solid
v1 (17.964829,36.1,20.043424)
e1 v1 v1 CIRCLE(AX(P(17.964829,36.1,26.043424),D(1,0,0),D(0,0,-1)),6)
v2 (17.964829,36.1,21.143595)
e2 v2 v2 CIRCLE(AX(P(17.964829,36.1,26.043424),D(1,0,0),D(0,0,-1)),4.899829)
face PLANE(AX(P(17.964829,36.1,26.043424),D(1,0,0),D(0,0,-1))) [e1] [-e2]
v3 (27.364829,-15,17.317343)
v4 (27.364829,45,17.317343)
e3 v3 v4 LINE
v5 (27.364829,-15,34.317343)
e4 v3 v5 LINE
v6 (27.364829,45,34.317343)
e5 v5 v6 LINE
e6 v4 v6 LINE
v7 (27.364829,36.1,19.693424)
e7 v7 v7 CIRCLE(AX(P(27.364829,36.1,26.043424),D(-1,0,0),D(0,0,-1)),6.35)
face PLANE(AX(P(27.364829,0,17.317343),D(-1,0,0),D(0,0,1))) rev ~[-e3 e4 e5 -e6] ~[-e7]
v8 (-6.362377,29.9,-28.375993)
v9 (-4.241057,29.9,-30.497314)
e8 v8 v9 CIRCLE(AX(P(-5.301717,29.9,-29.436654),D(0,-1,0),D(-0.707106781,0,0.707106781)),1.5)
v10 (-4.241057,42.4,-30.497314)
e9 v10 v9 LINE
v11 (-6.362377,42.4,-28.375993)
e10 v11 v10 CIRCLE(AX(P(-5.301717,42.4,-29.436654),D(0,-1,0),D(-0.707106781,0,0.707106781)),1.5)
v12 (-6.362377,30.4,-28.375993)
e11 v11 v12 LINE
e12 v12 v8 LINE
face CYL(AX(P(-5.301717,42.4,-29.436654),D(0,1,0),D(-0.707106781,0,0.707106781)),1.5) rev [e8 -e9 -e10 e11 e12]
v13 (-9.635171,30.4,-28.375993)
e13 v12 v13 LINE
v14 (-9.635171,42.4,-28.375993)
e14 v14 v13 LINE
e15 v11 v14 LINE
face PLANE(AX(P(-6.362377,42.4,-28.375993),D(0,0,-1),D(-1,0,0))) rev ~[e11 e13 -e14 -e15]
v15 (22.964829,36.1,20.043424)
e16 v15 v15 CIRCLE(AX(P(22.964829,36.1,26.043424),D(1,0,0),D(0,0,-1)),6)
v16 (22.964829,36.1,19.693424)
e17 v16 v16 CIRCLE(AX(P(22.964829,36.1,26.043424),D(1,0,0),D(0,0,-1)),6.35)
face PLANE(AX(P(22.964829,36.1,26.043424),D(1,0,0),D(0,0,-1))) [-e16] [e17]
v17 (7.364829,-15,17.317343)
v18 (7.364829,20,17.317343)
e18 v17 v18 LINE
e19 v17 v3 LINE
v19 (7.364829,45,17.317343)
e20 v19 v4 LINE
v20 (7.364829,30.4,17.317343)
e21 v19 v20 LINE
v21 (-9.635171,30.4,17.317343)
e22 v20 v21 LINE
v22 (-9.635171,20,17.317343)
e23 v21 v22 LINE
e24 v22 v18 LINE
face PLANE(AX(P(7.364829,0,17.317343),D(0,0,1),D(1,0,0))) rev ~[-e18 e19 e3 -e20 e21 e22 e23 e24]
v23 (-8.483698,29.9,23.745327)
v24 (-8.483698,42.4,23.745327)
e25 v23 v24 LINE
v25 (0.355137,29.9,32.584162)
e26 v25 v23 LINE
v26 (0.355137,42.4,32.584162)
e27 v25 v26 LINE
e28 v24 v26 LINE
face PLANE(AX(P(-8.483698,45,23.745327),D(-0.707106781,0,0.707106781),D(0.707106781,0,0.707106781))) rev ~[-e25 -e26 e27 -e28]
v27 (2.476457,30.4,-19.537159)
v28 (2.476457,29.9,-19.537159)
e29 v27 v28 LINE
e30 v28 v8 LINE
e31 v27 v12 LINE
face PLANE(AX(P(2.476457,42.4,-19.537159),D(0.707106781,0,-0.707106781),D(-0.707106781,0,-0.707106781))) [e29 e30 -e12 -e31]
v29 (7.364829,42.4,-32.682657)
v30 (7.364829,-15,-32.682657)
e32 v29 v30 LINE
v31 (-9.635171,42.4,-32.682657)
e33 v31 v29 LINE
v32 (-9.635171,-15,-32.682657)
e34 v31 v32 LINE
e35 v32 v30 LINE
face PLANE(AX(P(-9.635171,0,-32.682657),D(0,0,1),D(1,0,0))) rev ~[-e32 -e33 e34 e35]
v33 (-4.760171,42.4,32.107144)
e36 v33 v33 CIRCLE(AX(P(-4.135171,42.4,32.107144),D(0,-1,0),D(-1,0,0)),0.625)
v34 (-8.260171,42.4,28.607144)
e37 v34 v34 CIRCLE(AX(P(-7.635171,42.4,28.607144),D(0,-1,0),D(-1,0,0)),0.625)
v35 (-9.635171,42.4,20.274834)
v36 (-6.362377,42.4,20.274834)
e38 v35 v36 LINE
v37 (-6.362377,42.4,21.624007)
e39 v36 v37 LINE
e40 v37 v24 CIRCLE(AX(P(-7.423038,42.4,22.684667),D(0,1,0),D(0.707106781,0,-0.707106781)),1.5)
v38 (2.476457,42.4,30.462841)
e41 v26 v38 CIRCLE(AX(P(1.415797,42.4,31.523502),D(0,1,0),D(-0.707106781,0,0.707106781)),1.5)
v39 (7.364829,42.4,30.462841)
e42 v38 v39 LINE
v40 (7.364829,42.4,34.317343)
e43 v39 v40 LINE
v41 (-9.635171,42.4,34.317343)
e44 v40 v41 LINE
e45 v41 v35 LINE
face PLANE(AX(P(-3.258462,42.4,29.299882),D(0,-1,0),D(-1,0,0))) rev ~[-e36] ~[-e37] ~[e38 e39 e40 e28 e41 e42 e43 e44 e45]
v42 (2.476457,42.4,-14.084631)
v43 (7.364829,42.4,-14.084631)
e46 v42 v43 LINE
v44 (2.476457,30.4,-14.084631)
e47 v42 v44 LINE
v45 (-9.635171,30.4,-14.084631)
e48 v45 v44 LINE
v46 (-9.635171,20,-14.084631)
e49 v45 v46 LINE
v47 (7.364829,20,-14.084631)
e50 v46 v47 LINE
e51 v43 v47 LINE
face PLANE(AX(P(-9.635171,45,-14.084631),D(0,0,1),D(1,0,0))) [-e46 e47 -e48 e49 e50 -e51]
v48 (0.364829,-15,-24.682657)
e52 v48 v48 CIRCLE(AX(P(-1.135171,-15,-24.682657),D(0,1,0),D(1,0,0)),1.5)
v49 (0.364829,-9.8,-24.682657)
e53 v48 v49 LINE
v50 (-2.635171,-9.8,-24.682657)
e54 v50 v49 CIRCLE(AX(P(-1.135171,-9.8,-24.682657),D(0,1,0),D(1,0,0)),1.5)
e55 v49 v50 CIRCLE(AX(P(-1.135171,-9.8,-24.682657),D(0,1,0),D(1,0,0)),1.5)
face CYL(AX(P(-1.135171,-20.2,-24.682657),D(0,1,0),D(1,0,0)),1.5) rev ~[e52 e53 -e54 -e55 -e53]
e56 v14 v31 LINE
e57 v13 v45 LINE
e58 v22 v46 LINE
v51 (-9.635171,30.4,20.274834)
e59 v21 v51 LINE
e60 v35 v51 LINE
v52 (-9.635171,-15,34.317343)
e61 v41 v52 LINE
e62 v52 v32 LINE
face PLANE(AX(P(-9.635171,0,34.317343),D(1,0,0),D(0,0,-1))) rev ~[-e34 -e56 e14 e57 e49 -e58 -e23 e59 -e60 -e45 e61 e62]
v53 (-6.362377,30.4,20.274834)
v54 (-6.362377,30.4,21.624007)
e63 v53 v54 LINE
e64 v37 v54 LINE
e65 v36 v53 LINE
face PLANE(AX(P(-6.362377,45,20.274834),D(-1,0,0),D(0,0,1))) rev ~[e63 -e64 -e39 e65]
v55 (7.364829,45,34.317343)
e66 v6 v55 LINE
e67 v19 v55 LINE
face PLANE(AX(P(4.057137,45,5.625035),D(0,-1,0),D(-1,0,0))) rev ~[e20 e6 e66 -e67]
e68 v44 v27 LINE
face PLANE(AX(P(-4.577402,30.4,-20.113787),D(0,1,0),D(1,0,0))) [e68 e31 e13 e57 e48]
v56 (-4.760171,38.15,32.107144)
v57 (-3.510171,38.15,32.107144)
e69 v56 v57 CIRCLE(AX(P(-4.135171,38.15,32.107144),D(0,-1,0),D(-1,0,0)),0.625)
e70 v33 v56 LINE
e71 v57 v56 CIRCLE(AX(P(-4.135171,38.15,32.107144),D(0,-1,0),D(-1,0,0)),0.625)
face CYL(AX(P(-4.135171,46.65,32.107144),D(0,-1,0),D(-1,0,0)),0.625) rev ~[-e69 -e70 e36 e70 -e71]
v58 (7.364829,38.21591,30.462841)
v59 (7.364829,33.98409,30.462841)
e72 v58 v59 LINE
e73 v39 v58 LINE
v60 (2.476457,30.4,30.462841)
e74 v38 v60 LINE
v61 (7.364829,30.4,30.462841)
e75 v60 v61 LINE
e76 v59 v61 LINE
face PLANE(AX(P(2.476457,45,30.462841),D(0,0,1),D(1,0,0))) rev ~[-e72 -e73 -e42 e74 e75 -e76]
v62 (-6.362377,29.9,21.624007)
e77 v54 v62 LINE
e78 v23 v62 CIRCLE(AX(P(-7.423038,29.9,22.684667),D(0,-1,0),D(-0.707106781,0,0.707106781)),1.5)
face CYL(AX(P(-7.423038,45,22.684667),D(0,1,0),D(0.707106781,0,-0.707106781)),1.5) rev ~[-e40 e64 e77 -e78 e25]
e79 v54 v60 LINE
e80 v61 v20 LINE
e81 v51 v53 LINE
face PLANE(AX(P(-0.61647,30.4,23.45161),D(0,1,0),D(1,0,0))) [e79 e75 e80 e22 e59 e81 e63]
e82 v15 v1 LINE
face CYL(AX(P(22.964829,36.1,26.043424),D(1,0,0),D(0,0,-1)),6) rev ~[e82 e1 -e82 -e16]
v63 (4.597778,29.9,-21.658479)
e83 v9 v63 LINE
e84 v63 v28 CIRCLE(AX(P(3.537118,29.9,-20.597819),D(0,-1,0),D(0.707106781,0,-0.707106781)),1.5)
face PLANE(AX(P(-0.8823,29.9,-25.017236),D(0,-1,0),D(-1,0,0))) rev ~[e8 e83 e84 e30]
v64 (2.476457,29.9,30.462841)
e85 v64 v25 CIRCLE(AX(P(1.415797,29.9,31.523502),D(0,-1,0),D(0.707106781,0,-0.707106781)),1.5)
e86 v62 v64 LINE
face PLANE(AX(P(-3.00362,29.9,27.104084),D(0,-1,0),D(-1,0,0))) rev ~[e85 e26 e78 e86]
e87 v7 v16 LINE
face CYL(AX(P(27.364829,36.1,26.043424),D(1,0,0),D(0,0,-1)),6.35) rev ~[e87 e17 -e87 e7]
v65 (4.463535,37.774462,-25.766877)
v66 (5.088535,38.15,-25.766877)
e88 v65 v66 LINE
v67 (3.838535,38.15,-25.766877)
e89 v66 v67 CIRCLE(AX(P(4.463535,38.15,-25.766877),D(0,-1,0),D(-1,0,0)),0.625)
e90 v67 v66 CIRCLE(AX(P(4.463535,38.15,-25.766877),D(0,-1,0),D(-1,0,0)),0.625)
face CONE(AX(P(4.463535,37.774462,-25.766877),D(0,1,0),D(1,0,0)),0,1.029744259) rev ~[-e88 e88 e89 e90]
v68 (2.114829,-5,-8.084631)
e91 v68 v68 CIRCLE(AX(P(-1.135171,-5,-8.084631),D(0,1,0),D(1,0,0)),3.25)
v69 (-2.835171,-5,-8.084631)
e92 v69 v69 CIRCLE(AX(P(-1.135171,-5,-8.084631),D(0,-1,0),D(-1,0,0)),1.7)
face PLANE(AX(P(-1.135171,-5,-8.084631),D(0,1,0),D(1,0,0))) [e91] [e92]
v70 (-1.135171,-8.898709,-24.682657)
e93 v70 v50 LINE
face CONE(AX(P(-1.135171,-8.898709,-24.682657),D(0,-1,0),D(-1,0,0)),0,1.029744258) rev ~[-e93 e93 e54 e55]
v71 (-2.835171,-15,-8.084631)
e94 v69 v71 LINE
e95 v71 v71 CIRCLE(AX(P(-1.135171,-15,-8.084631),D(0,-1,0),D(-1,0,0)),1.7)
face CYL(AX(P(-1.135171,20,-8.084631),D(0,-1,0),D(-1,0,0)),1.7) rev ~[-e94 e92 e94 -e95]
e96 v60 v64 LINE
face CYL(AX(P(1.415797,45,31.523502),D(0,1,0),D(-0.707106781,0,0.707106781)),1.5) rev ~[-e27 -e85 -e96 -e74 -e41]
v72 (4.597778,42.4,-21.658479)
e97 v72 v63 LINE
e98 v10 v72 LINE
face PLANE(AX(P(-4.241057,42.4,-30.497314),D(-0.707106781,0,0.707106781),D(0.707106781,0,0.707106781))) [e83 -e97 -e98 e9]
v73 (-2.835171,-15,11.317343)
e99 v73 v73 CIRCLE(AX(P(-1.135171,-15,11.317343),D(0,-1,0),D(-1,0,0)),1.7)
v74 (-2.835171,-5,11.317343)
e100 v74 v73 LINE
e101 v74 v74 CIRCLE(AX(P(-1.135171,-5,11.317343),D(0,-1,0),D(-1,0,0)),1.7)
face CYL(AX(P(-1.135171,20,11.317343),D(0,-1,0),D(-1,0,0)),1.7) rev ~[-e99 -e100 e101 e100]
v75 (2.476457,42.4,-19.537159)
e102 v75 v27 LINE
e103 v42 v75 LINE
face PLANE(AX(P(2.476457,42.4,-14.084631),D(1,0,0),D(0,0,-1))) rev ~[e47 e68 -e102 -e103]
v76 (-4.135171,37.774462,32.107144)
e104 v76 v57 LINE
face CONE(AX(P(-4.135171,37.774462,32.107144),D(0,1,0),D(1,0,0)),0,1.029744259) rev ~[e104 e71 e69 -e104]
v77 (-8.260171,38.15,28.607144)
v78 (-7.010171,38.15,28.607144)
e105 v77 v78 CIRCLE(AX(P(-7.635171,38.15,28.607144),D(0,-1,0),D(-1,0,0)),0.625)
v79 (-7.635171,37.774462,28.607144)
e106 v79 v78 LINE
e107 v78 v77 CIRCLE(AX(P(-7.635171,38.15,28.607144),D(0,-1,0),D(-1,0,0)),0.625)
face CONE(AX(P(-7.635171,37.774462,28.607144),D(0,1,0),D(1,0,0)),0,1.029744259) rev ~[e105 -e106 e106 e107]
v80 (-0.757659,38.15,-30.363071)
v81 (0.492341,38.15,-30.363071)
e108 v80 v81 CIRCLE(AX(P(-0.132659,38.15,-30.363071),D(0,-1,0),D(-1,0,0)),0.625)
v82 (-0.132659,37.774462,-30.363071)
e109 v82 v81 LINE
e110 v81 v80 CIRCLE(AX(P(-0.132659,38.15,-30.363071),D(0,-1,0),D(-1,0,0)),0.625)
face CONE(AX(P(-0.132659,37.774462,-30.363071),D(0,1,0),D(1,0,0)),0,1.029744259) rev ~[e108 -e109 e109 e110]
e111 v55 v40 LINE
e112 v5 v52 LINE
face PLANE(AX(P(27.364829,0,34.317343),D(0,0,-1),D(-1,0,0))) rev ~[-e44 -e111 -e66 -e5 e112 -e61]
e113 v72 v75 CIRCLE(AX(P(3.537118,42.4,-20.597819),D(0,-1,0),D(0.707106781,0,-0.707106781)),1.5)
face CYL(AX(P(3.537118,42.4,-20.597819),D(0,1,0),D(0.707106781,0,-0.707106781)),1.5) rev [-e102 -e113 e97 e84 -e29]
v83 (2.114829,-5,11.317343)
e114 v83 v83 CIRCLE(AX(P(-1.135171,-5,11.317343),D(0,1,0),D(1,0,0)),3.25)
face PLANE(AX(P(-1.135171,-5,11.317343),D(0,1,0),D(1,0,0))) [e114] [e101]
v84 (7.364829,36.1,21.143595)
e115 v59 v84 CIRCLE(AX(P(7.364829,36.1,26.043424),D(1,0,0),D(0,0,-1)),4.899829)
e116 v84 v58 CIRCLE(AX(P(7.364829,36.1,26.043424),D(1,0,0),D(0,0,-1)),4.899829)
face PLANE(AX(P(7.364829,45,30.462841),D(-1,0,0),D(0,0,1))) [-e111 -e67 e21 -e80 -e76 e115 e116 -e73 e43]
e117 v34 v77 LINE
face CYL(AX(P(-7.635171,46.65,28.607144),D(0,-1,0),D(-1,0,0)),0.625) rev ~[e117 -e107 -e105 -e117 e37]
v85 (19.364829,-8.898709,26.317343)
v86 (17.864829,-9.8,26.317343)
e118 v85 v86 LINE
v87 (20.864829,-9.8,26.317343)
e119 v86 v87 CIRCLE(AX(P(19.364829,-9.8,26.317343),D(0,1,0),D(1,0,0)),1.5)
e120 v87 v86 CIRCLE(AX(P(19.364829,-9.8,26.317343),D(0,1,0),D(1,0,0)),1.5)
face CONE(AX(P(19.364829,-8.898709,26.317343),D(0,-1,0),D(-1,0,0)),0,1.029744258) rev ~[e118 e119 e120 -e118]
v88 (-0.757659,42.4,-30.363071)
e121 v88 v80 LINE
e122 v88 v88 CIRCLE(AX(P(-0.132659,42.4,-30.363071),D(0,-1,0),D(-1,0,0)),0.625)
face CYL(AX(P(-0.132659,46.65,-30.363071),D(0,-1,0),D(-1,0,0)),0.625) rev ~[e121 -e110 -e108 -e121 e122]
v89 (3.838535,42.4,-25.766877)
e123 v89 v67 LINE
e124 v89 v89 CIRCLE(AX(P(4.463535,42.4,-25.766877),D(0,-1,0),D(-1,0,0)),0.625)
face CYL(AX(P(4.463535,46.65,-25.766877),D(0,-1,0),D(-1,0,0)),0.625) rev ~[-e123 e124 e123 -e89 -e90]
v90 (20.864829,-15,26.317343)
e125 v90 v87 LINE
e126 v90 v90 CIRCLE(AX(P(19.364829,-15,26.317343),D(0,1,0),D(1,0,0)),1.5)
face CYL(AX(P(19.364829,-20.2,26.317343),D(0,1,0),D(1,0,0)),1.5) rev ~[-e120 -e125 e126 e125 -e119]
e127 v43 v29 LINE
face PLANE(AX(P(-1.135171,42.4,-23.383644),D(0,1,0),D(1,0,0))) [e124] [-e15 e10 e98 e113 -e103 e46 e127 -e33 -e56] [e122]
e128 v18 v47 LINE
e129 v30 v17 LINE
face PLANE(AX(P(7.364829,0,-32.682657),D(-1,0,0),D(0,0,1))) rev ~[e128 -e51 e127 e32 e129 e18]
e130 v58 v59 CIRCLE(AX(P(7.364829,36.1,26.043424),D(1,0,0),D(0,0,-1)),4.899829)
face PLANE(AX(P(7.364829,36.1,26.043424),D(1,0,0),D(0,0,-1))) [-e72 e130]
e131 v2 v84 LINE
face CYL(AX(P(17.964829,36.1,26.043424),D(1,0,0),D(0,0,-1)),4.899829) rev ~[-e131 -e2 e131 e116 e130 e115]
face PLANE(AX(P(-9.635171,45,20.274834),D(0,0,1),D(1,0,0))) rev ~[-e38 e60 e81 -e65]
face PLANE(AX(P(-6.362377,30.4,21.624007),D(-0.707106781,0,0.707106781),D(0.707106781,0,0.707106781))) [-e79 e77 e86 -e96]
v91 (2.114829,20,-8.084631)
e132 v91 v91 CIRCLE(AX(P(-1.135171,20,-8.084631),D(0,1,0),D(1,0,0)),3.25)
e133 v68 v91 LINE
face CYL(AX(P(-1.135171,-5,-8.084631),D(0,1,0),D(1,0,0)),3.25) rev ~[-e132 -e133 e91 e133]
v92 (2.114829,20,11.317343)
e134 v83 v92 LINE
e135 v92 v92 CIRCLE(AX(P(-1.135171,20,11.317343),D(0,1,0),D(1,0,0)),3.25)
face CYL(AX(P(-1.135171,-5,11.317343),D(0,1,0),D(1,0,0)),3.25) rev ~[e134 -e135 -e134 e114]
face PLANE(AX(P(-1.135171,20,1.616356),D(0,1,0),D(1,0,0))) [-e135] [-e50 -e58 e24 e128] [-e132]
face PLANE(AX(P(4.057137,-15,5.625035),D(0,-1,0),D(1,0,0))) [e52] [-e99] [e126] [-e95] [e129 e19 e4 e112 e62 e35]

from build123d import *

# Parameters (mm, degrees)
BOSS_EXTRUDE1_DEPTH            = 45
SKETCH2_W                      = 17
SKETCH2_H                      = 31.401973819
CUT_EXTRUDE1_DEPTH             = 25
BOSS_EXTRUDE2_DEPTH            = 15
SKETCH5_W                      = 17
SKETCH5_H                      = 18.598026181
CUT_EXTRUDE2_DEPTH             = 2.6
CUT_EXTRUDE3_DEPTH             = 12
CUT_EXTRUDE4_DEPTH             = 14.6
SKETCH4_R                      = 6.35
CUT_EXTRUDE6_DEPTH             = 4.4
SKETCH11_R                     = 6
CUT_EXTRUDE7_DEPTH             = 5
SM05_TAPPED_HOLE1_D            = 12.7
SM05_TAPPED_HOLE1_DEPTH        = 3
SM05_TAPPED_HOLE1_TIP          = 3.815464931
CUT_EXTRUDE9_DEPTH             = 12.5
CUT_EXTRUDE10_DEPTH            = 0.5
CUT_EXTRUDE11_DEPTH            = 2.6
SKETCH18_R                     = 4.89982915
CUT_EXTRUDE12_DEPTH            = 10.6
CBORE_FOR_M3_SHCS1_D           = 3.4
CBORE_FOR_M3_SHCS1_DEPTH       = 35
CBORE_FOR_M3_SHCS1_CBORE_D     = 6.5
CBORE_FOR_M3_SHCS1_CBORE_DEPTH = 25
F_3_0MM_DOWEL_HOLE1_D          = 3
F_3_0MM_DOWEL_HOLE1_DEPTH      = 5.2
F_3_0MM_DOWEL_HOLE1_TIP        = 0.901290929
M1_6_TAPPED_HOLE1_D            = 1.25
M1_6_TAPPED_HOLE1_DEPTH        = 4.25
M1_6_TAPPED_HOLE1_TIP          = 0.375537887
M1_6_TAPPED_HOLE2_D            = 1.25
M1_6_TAPPED_HOLE2_DEPTH        = 4.25
M1_6_TAPPED_HOLE2_TIP          = 0.375537887


with BuildPart() as part:
    # Sketch1 → Boss-Extrude1 (new body)
    with BuildSketch(Plane(origin=(0, 0, 0), x_dir=(1, 0, 0), z_dir=(0, 1, 0))):
        Polygon((27.364828995, -34.317342946), (-9.635171005, -34.317342946), (-9.635171005, 32.682657054), (7.364828995, 32.682657054), (7.364828995, -17.317342946), (27.364828995, -17.317342946), align=None)
    extrude(amount=BOSS_EXTRUDE1_DEPTH)

    # Sketch2 → Cut-Extrude1 (cut)
    with BuildSketch(Plane(origin=(0, 45, 0), x_dir=(1, 0, 0), z_dir=(0, 1, 0))):
        with Locations((-1.135171005, -1.616356037)):
            Rectangle(SKETCH2_W, SKETCH2_H)
    extrude(amount=-CUT_EXTRUDE1_DEPTH, mode=Mode.SUBTRACT)

    # Sketch3 → Boss-Extrude2 (add)
    with BuildSketch(Plane.XZ):
        Polygon((27.364828995, 34.317342946), (-9.635171005, 34.317342946), (-9.635171005, -32.682657054), (7.364828995, -32.682657054), (7.364828995, 17.317342946), (27.364828995, 17.317342946), align=None)
    extrude(amount=BOSS_EXTRUDE2_DEPTH)

    # Sketch5 → Cut-Extrude2 (cut)
    with BuildSketch(Plane(origin=(0, 45, 0), x_dir=(1, 0, 0), z_dir=(0, 1, 0))):
        with Locations((-1.135171005, 23.383643964)):
            Rectangle(SKETCH5_W, SKETCH5_H)
    extrude(amount=-CUT_EXTRUDE2_DEPTH, mode=Mode.SUBTRACT)

    # Sketch6 → Cut-Extrude3 (cut)
    with BuildSketch(Plane(origin=(0, 42.4, 0), x_dir=(1, 0, 0), z_dir=(0, 1, 0))):
        Polygon((-9.635171005, 28.375993351), (-9.635171005, 14.084630873), (2.47645738, 14.084630873), (2.47645738, 19.537158586), (-6.362377384, 28.375993351), align=None)
    extrude(amount=-CUT_EXTRUDE3_DEPTH, mode=Mode.SUBTRACT)

    # Sketch7 → Cut-Extrude4 (cut)
    with BuildSketch(Plane(origin=(0, 45, 0), x_dir=(1, 0, 0), z_dir=(0, 1, 0))):
        with BuildLine():
            Line((2.47645738, -30.462841414), (7.364828995, -30.462841414))
            Line((7.364828995, -30.462841414), (7.364828995, -17.317342946))
            Line((7.364828995, -17.317342946), (-9.635171005, -17.317342946))
            Line((-9.635171005, -17.317342946), (-9.635171005, -20.274833742))
            Line((-9.635171005, -20.274833742), (-6.362377384, -20.274833742))
            Line((-6.362377384, -20.274833742), (-6.362377384, -21.624006649))
            ThreePointArc((-6.362377384, -21.624006649), (-8.483697728, -21.624006649), (-8.483697728, -23.745326993))
            Line((-8.483697728, -23.745326993), (0.355137037, -32.584161758))
            ThreePointArc((0.355137037, -32.584161758), (2.47645738, -32.584161758), (2.47645738, -30.462841414))
        make_face()
    extrude(amount=-CUT_EXTRUDE4_DEPTH, mode=Mode.SUBTRACT)

    # Sketch4 → Cut-Extrude6 (cut)
    with BuildSketch(Plane(origin=(27.364828995, 0, 0), x_dir=(0, 0, -1), z_dir=(1, 0, 0))):
        with Locations((-26.043424032, 36.1)):
            Circle(SKETCH4_R)
    extrude(amount=-CUT_EXTRUDE6_DEPTH, mode=Mode.SUBTRACT)

    # Sketch11 → Cut-Extrude7 (cut)
    with BuildSketch(Plane(origin=(22.964828995, 0, 0), x_dir=(0, 0, -1), z_dir=(1, 0, 0))):
        with Locations((-26.043424032, 36.1)):
            Circle(SKETCH11_R)
    extrude(amount=-CUT_EXTRUDE7_DEPTH, mode=Mode.SUBTRACT)

    # SM05 Tapped Hole1
    with Locations(Plane(origin=(27.364828995, 0, 0), x_dir=(0, 0, -1), z_dir=(1, 0, 0))):
        with Locations((-26.043424032, 36.1)):
            Hole(SM05_TAPPED_HOLE1_D / 2, depth=SM05_TAPPED_HOLE1_DEPTH)
            with Locations((0, 0, -(SM05_TAPPED_HOLE1_DEPTH + SM05_TAPPED_HOLE1_TIP / 2))):  # 118° drill point
                Cone(0, SM05_TAPPED_HOLE1_D / 2, SM05_TAPPED_HOLE1_TIP, mode=Mode.SUBTRACT)

    # Sketch15 → Cut-Extrude9 (cut)
    with BuildSketch(Plane(origin=(0, 42.4, 0), x_dir=(1, 0, 0), z_dir=(0, 1, 0))):
        with BuildLine():
            Line((-4.241057041, 30.497313694), (4.597777724, 21.658478929))
            ThreePointArc((4.597777724, 21.658478929), (4.597777724, 19.537158586), (2.47645738, 19.537158586))
            Line((2.47645738, 19.537158586), (-6.362377384, 28.375993351))
            ThreePointArc((-6.362377384, 28.375993351), (-6.362377384, 30.497313694), (-4.241057041, 30.497313694))
        make_face()
    extrude(amount=-CUT_EXTRUDE9_DEPTH, mode=Mode.SUBTRACT)

    # Sketch16 → Cut-Extrude10 (cut)
    with BuildSketch(Plane(origin=(0, 30.4, 0), x_dir=(1, 0, 0), z_dir=(0, 1, 0))):
        with BuildLine():
            Line((-6.362377384, -21.624006649), (2.47645738, -30.462841414))
            ThreePointArc((2.47645738, -30.462841414), (2.47645738, -32.584161758), (0.355137037, -32.584161758))
            Line((0.355137037, -32.584161758), (-8.483697728, -23.745326993))
            ThreePointArc((-8.483697728, -23.745326993), (-8.483697728, -21.624006649), (-6.362377384, -21.624006649))
        make_face()
    extrude(amount=-CUT_EXTRUDE10_DEPTH, mode=Mode.SUBTRACT)

    # Sketch17 → Cut-Extrude11 (cut)
    with BuildSketch(Plane(origin=(0, 45, 0), x_dir=(1, 0, 0), z_dir=(0, 1, 0))):
        with BuildLine():
            Line((7.364828995, -30.462841414), (7.364828995, -34.317342946))
            Line((7.364828995, -34.317342946), (-9.635171005, -34.317342946))
            Line((-9.635171005, -34.317342946), (-9.635171005, -20.274833742))
            Line((-9.635171005, -20.274833742), (-6.362377384, -20.274833742))
            Line((-6.362377384, -20.274833742), (-6.362377384, -21.624006649))
            ThreePointArc((-6.362377384, -21.624006649), (-8.483697728, -21.624006649), (-8.483697728, -23.745326993))
            Line((-8.483697728, -23.745326993), (0.355137037, -32.584161758))
            ThreePointArc((0.355137037, -32.584161758), (2.47645738, -32.584161758), (2.47645738, -30.462841414))
            Line((2.47645738, -30.462841414), (7.364828995, -30.462841414))
        make_face()
    extrude(amount=-CUT_EXTRUDE11_DEPTH, mode=Mode.SUBTRACT)

    # Sketch18 → Cut-Extrude12 (cut)
    with BuildSketch(Plane(origin=(17.964828995, 0, 0), x_dir=(0, 0, -1), z_dir=(1, 0, 0))):
        with Locations((-26.043424032, 36.1)):
            Circle(SKETCH18_R)
    extrude(amount=-CUT_EXTRUDE12_DEPTH, mode=Mode.SUBTRACT)

    # CBORE for M3 SHCS1
    with Locations(Plane(origin=(0, 20, 0), x_dir=(1, 0, 0), z_dir=(0, 1, 0))):
        with Locations((-1.135171005, 8.084630873), (-1.135171005, -11.317342946)):
            CounterBoreHole(CBORE_FOR_M3_SHCS1_D / 2, CBORE_FOR_M3_SHCS1_CBORE_D / 2, CBORE_FOR_M3_SHCS1_CBORE_DEPTH, depth=CBORE_FOR_M3_SHCS1_DEPTH)

    # Ø3.0mm Dowel Hole1
    with Locations(Plane(origin=(0, -15, 0), x_dir=(-1, 0, 0), z_dir=(0, -1, 0))):
        with Locations((-19.364828995, -26.317342946), (1.135171005, 24.682657054)):
            Hole(F_3_0MM_DOWEL_HOLE1_D / 2, depth=F_3_0MM_DOWEL_HOLE1_DEPTH)
            with Locations((0, 0, -(F_3_0MM_DOWEL_HOLE1_DEPTH + F_3_0MM_DOWEL_HOLE1_TIP / 2))):  # 118° drill point
                Cone(0, F_3_0MM_DOWEL_HOLE1_D / 2, F_3_0MM_DOWEL_HOLE1_TIP, mode=Mode.SUBTRACT)

    # M1.6 Tapped Hole1
    with Locations(Plane(origin=(0, 42.4, 0), x_dir=(1, 0, 0), z_dir=(0, 1, 0))):
        with Locations((-0.132659145, 30.363070903), (4.463534932, 25.766876825)):
            Hole(M1_6_TAPPED_HOLE1_D / 2, depth=M1_6_TAPPED_HOLE1_DEPTH)
            with Locations((0, 0, -(M1_6_TAPPED_HOLE1_DEPTH + M1_6_TAPPED_HOLE1_TIP / 2))):  # 118° drill point
                Cone(0, M1_6_TAPPED_HOLE1_D / 2, M1_6_TAPPED_HOLE1_TIP, mode=Mode.SUBTRACT)

    # M1.6 Tapped Hole2
    with Locations(Plane(origin=(0, 42.4, 0), x_dir=(1, 0, 0), z_dir=(0, 1, 0))):
        with Locations((-4.135171005, -32.107144182), (-7.635171005, -28.607144182)):
            Hole(M1_6_TAPPED_HOLE2_D / 2, depth=M1_6_TAPPED_HOLE2_DEPTH)
            with Locations((0, 0, -(M1_6_TAPPED_HOLE2_DEPTH + M1_6_TAPPED_HOLE2_TIP / 2))):  # 118° drill point
                Cone(0, M1_6_TAPPED_HOLE2_D / 2, M1_6_TAPPED_HOLE2_TIP, mode=Mode.SUBTRACT)


solid = part.part
